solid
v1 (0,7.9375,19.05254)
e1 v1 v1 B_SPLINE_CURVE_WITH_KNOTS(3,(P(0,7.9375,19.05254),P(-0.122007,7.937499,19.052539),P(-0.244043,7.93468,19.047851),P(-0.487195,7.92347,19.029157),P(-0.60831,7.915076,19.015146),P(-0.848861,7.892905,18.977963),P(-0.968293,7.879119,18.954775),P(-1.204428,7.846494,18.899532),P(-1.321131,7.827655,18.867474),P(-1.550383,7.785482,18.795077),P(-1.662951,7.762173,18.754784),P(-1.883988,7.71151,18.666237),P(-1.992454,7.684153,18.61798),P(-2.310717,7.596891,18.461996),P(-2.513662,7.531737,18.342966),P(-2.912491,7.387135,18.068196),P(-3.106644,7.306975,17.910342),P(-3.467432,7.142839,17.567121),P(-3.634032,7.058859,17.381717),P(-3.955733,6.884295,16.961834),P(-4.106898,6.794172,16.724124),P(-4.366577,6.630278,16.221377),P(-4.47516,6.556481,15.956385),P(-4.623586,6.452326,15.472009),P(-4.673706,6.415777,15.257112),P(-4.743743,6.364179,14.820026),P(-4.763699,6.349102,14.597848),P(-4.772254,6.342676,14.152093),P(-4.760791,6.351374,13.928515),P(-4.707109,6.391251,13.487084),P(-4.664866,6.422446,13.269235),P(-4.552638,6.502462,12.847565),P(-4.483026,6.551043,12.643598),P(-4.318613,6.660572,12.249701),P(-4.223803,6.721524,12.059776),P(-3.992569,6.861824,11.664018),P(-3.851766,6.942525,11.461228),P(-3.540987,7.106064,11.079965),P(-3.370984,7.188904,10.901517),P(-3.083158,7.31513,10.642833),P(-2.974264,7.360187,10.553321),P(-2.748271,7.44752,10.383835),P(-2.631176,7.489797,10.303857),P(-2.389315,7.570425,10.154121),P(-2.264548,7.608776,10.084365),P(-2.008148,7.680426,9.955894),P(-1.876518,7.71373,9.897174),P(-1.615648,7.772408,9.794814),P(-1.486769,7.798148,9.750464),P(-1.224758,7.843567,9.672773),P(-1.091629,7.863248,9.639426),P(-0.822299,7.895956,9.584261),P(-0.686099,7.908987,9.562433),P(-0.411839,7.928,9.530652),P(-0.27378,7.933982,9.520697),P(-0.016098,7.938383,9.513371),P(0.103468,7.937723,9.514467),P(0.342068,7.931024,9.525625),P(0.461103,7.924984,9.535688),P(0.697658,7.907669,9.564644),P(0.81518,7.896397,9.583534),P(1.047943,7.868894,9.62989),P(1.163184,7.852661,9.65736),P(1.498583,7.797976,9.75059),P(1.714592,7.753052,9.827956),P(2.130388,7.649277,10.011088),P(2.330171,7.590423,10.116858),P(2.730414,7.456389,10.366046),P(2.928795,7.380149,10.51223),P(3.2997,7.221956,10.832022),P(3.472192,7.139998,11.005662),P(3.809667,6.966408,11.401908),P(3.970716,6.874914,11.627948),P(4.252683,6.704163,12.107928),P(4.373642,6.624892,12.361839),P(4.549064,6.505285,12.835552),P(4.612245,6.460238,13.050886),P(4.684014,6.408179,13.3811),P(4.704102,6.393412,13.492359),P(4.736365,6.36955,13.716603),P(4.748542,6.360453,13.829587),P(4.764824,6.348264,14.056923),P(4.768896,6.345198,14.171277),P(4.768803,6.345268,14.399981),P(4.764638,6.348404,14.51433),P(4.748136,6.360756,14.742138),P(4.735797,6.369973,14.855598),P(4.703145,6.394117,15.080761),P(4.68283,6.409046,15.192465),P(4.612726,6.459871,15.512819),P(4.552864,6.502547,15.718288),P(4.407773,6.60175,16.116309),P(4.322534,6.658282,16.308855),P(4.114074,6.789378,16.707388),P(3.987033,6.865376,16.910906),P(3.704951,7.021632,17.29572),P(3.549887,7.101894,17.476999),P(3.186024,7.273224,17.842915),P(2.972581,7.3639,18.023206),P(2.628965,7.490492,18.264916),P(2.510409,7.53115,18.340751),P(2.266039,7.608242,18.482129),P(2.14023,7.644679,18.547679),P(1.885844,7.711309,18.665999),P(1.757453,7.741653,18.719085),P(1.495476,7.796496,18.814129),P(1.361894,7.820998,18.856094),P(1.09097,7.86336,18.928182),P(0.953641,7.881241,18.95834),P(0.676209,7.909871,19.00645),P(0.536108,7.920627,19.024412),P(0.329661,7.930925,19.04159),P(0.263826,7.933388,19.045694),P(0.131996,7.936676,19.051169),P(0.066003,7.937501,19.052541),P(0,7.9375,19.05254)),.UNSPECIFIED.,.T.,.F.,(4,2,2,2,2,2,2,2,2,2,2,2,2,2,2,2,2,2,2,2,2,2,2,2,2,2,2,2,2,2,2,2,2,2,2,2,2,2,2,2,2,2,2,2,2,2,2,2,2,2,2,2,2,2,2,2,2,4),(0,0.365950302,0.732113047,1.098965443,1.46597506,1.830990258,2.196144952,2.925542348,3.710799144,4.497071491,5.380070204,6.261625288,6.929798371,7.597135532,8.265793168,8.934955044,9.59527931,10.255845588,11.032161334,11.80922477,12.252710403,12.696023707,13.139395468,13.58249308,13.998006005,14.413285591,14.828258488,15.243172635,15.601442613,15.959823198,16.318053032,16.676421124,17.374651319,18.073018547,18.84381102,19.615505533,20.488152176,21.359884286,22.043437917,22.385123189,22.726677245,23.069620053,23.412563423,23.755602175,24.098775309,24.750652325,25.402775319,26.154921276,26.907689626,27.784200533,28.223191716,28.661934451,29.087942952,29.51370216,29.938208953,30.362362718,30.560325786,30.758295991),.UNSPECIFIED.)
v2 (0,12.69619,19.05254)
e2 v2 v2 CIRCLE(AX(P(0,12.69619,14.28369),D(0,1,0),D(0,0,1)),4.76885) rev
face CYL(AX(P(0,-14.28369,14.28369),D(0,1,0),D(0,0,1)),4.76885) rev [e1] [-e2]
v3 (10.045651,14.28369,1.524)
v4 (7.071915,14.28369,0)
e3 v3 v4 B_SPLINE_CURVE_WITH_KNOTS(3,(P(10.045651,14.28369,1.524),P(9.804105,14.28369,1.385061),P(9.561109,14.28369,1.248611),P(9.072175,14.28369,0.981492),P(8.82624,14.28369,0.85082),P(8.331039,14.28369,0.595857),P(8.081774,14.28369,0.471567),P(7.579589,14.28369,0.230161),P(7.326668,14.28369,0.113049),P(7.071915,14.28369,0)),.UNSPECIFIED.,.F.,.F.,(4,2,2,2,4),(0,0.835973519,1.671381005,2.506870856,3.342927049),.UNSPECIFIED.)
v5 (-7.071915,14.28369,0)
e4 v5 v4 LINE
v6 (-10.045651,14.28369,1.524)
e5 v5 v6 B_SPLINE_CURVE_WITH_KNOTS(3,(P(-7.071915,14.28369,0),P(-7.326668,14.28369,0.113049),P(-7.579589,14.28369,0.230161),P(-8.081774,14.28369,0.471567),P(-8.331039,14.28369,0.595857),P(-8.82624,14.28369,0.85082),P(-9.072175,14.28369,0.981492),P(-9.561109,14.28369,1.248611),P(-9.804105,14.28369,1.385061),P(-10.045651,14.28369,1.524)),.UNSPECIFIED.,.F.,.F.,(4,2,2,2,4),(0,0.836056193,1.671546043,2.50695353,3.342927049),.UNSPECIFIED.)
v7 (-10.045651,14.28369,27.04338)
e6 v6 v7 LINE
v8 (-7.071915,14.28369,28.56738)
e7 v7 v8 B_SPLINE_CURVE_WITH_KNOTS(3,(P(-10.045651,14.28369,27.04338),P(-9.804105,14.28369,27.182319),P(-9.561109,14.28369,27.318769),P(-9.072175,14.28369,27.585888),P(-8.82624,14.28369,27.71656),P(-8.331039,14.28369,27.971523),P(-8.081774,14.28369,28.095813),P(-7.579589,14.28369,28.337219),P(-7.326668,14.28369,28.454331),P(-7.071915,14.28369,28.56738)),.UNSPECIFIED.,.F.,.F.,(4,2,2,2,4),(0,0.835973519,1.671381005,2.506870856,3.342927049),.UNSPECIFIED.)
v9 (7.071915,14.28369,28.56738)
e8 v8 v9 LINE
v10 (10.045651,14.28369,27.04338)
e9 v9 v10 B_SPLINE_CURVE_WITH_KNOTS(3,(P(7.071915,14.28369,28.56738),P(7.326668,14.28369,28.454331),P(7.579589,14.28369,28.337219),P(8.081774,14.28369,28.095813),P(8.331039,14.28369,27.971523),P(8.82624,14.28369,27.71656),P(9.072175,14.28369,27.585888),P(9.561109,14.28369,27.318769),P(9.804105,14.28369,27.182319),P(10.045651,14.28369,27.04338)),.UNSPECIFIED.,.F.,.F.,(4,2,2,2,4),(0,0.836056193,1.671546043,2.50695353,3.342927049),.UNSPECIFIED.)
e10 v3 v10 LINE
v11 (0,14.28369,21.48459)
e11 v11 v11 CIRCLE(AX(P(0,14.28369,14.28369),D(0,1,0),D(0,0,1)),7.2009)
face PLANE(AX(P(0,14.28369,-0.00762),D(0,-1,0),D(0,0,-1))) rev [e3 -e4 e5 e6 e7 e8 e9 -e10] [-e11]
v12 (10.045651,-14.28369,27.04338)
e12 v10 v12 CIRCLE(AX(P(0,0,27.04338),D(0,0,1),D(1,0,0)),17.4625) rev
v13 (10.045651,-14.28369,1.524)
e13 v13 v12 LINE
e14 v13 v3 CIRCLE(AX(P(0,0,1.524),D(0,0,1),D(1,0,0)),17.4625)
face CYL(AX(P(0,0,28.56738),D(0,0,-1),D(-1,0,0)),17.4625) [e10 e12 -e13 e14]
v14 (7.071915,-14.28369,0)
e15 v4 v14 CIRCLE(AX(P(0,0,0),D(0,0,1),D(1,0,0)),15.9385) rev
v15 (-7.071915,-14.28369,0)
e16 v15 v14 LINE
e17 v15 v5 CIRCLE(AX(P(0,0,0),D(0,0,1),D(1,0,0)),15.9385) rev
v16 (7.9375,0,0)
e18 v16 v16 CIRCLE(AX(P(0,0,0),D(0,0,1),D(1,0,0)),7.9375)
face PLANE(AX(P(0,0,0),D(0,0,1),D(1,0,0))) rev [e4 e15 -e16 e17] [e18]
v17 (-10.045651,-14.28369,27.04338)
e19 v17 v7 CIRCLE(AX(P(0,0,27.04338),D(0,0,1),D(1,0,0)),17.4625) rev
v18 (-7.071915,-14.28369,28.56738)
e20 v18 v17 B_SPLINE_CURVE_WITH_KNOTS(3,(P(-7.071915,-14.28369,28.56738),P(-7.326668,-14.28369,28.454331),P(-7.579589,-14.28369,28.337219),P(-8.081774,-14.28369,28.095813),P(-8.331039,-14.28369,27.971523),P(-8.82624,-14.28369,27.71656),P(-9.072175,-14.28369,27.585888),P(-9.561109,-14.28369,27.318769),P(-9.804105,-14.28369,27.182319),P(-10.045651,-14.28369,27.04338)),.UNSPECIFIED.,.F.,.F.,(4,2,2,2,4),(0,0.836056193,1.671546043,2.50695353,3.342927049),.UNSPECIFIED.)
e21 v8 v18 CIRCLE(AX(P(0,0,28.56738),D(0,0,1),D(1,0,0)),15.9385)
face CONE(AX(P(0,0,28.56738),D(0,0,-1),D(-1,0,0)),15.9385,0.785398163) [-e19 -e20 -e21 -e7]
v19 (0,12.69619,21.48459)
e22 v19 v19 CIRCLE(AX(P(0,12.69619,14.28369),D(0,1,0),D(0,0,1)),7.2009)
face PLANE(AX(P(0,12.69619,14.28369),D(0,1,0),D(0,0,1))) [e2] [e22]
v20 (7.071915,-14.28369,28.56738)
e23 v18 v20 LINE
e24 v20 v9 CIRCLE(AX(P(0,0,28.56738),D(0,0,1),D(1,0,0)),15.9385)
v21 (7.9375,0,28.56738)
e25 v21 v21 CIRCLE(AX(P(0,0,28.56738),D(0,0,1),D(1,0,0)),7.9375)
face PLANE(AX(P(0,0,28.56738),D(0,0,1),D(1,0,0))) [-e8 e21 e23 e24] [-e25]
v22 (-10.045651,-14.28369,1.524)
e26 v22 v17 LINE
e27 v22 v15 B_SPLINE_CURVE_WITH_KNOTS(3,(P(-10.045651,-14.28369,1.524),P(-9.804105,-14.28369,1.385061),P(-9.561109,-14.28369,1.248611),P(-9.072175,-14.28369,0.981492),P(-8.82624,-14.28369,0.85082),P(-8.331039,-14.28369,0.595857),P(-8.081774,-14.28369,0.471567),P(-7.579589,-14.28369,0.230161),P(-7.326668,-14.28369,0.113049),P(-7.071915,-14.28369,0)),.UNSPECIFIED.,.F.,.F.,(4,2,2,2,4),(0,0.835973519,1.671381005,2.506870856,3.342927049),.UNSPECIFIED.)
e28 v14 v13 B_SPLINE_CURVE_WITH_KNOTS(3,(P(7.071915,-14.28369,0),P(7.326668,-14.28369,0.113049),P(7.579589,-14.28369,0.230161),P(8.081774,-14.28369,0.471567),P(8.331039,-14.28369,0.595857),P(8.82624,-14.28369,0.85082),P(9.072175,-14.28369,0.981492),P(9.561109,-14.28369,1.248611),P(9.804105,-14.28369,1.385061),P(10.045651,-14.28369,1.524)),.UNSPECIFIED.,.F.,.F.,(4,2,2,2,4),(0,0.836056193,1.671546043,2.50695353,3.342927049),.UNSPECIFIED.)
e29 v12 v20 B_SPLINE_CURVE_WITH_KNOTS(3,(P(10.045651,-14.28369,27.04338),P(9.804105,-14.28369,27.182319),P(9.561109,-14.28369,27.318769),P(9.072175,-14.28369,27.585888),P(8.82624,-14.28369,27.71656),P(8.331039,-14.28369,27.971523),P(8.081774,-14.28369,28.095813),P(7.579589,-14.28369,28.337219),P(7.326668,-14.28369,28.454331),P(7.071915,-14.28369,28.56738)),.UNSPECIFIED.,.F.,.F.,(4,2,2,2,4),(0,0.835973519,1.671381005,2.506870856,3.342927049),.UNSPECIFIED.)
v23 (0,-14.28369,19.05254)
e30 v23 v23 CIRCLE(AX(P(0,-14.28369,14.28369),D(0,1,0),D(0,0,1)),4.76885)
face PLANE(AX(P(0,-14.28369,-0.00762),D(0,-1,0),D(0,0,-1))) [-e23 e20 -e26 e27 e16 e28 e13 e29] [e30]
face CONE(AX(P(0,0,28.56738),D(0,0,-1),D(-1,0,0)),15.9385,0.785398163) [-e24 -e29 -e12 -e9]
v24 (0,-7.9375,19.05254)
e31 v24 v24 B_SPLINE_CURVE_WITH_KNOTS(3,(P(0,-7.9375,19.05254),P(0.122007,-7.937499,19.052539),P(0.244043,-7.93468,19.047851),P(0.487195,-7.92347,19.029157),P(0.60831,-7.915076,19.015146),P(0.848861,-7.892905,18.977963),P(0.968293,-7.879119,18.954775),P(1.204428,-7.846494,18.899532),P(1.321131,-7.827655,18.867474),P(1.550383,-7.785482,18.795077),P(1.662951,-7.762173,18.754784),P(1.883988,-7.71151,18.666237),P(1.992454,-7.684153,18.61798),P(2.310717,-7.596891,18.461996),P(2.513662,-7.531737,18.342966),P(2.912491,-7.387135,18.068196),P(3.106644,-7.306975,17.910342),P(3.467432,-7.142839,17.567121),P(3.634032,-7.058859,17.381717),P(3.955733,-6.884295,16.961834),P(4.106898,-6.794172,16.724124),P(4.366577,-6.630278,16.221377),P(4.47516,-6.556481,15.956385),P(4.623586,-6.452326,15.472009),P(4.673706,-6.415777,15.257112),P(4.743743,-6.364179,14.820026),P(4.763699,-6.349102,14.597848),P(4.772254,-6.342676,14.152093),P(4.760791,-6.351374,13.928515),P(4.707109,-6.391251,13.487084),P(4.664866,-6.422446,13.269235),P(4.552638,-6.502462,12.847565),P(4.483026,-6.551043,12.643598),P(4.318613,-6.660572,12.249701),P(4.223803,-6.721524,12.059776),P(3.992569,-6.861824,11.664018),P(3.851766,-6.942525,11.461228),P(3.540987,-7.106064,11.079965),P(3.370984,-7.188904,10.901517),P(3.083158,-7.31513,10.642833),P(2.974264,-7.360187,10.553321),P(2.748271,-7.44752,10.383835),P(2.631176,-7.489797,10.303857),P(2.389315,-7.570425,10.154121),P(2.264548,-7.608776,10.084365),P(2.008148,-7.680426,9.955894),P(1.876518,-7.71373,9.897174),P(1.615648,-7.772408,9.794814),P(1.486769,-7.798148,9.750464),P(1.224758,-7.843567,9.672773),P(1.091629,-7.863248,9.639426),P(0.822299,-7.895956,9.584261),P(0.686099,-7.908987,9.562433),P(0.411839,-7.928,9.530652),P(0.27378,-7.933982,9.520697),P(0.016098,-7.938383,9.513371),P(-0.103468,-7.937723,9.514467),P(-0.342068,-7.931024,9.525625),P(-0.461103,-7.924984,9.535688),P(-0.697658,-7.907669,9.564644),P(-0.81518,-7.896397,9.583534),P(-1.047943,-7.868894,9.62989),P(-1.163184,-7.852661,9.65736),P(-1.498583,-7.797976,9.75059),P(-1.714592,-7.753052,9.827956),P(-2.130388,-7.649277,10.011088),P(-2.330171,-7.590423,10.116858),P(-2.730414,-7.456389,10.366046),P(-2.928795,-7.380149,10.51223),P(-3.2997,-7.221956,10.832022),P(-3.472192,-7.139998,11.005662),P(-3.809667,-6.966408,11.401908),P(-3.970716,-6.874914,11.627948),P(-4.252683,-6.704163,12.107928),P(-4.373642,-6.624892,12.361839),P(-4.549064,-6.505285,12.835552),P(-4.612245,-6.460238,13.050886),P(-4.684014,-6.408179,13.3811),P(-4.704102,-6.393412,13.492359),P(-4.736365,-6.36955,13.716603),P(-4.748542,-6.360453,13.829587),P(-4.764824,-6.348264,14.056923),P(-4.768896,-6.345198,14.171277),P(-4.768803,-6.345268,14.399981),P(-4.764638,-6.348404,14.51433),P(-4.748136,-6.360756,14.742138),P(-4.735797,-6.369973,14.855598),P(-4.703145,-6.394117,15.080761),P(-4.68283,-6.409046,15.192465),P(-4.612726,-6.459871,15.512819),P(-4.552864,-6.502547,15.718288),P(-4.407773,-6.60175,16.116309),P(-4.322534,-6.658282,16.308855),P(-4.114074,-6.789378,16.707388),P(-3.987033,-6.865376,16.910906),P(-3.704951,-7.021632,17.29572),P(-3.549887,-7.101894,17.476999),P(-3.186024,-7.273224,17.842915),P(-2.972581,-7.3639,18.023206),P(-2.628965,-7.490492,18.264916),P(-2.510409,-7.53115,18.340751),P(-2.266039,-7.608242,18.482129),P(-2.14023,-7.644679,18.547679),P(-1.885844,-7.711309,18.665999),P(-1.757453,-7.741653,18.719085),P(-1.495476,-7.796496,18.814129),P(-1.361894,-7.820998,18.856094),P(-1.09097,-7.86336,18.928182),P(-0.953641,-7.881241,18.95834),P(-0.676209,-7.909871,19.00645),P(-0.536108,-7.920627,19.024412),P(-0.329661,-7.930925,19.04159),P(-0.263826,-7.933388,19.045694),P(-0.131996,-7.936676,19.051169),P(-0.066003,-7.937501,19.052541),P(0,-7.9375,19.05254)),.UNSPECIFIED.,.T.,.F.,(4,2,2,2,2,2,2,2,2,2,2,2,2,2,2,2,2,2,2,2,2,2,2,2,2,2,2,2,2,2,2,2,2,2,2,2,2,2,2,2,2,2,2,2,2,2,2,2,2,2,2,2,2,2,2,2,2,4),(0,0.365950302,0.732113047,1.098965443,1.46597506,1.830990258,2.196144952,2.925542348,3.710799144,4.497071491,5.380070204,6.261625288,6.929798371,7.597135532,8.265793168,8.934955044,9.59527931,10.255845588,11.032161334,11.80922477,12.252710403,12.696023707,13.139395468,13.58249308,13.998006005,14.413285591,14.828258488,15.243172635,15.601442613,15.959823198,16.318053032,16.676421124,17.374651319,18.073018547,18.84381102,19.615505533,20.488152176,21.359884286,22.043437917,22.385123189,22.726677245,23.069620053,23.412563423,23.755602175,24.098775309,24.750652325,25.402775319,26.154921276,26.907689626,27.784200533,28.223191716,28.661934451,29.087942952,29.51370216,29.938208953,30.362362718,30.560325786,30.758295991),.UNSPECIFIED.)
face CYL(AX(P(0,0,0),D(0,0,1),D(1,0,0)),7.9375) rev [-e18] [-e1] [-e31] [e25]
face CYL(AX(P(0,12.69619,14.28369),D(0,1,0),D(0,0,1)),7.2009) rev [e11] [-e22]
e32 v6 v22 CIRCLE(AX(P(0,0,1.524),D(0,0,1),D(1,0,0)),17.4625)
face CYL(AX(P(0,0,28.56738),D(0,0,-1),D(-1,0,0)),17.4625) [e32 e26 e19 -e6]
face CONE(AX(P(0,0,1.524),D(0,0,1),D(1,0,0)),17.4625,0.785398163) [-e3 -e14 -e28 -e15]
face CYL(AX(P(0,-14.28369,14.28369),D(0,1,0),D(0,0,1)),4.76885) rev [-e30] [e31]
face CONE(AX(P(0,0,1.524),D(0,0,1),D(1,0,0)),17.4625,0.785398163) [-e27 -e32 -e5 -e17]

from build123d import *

# Parameters (mm, degrees)
SKETCH7_R           = 17.4625
BOSS_EXTRUDE1_DEPTH = 28.56738
CUT_EXTRUDE1_START  = -28.575
CUT_EXTRUDE1_DEPTH  = 28.575
SKETCH10_R          = 4.76885
CUT_EXTRUDE2_DEPTH  = 45.012831156
SKETCH11_R          = 7.2009
CUT_EXTRUDE3_DEPTH  = 1.5875
SKETCH12_R          = 7.9375
CUT_EXTRUDE4_DEPTH  = 37.401344842
CHAMFER2_SIZE       = 1.524


with BuildPart() as part:
    # Sketch7 → Boss-Extrude1 (new body)
    with BuildSketch(Plane.XY):
        Circle(SKETCH7_R)
    extrude(amount=BOSS_EXTRUDE1_DEPTH)

    # Sketch9 → Cut-Extrude1 (cut)
    with BuildSketch(Plane.XY.offset(28.56738).offset(CUT_EXTRUDE1_START)):
        with BuildLine():
            ThreePointArc((10.045651111, 14.28369), (0, 17.4625), (-10.04565111, 14.28369))
            Line((-10.04565111, 14.28369), (10.045651111, 14.28369))
        make_face()
        with BuildLine():
            Line((10.045651111, -14.28369), (-10.04565111, -14.28369))
            ThreePointArc((-10.04565111, -14.28369), (0, -17.4625), (10.045651111, -14.28369))
        make_face()
    extrude(amount=CUT_EXTRUDE1_DEPTH, mode=Mode.SUBTRACT)

    # Sketch10 → Cut-Extrude2 (cut, through all)
    with BuildSketch(Plane(origin=(0, 14.28369, 0), x_dir=(1, 0, 0), z_dir=(0, 1, 0))):
        with Locations(Location((0, -14.28369, 0), (0, 0, 270))):
            Circle(SKETCH10_R)
    extrude(amount=-CUT_EXTRUDE2_DEPTH, mode=Mode.SUBTRACT)

    # Sketch11 → Cut-Extrude3 (cut)
    with BuildSketch(Plane(origin=(0, 14.28369, 0), x_dir=(1, 0, 0), z_dir=(0, 1, 0))):
        with Locations(Location((0, -14.28369, 0), (0, 0, 270))):
            Circle(SKETCH11_R)
    extrude(amount=-CUT_EXTRUDE3_DEPTH, mode=Mode.SUBTRACT)

    # Sketch12 → Cut-Extrude4 (cut, through all)
    with BuildSketch(Plane.XY.offset(28.56738)):
        Circle(SKETCH12_R)
    extrude(amount=-CUT_EXTRUDE4_DEPTH, mode=Mode.SUBTRACT)

    # Chamfer2
    chamfer2_edges = [part.edges().sort_by_distance(p)[0] for p in [
        (17.4625, 0, 0),
        (17.4625, 0, 28.56738),
        (-17.4625, 0, 0),
        (-17.4625, 0, 28.56738),
    ]]
    chamfer(chamfer2_edges, length=CHAMFER2_SIZE)


solid = part.part
